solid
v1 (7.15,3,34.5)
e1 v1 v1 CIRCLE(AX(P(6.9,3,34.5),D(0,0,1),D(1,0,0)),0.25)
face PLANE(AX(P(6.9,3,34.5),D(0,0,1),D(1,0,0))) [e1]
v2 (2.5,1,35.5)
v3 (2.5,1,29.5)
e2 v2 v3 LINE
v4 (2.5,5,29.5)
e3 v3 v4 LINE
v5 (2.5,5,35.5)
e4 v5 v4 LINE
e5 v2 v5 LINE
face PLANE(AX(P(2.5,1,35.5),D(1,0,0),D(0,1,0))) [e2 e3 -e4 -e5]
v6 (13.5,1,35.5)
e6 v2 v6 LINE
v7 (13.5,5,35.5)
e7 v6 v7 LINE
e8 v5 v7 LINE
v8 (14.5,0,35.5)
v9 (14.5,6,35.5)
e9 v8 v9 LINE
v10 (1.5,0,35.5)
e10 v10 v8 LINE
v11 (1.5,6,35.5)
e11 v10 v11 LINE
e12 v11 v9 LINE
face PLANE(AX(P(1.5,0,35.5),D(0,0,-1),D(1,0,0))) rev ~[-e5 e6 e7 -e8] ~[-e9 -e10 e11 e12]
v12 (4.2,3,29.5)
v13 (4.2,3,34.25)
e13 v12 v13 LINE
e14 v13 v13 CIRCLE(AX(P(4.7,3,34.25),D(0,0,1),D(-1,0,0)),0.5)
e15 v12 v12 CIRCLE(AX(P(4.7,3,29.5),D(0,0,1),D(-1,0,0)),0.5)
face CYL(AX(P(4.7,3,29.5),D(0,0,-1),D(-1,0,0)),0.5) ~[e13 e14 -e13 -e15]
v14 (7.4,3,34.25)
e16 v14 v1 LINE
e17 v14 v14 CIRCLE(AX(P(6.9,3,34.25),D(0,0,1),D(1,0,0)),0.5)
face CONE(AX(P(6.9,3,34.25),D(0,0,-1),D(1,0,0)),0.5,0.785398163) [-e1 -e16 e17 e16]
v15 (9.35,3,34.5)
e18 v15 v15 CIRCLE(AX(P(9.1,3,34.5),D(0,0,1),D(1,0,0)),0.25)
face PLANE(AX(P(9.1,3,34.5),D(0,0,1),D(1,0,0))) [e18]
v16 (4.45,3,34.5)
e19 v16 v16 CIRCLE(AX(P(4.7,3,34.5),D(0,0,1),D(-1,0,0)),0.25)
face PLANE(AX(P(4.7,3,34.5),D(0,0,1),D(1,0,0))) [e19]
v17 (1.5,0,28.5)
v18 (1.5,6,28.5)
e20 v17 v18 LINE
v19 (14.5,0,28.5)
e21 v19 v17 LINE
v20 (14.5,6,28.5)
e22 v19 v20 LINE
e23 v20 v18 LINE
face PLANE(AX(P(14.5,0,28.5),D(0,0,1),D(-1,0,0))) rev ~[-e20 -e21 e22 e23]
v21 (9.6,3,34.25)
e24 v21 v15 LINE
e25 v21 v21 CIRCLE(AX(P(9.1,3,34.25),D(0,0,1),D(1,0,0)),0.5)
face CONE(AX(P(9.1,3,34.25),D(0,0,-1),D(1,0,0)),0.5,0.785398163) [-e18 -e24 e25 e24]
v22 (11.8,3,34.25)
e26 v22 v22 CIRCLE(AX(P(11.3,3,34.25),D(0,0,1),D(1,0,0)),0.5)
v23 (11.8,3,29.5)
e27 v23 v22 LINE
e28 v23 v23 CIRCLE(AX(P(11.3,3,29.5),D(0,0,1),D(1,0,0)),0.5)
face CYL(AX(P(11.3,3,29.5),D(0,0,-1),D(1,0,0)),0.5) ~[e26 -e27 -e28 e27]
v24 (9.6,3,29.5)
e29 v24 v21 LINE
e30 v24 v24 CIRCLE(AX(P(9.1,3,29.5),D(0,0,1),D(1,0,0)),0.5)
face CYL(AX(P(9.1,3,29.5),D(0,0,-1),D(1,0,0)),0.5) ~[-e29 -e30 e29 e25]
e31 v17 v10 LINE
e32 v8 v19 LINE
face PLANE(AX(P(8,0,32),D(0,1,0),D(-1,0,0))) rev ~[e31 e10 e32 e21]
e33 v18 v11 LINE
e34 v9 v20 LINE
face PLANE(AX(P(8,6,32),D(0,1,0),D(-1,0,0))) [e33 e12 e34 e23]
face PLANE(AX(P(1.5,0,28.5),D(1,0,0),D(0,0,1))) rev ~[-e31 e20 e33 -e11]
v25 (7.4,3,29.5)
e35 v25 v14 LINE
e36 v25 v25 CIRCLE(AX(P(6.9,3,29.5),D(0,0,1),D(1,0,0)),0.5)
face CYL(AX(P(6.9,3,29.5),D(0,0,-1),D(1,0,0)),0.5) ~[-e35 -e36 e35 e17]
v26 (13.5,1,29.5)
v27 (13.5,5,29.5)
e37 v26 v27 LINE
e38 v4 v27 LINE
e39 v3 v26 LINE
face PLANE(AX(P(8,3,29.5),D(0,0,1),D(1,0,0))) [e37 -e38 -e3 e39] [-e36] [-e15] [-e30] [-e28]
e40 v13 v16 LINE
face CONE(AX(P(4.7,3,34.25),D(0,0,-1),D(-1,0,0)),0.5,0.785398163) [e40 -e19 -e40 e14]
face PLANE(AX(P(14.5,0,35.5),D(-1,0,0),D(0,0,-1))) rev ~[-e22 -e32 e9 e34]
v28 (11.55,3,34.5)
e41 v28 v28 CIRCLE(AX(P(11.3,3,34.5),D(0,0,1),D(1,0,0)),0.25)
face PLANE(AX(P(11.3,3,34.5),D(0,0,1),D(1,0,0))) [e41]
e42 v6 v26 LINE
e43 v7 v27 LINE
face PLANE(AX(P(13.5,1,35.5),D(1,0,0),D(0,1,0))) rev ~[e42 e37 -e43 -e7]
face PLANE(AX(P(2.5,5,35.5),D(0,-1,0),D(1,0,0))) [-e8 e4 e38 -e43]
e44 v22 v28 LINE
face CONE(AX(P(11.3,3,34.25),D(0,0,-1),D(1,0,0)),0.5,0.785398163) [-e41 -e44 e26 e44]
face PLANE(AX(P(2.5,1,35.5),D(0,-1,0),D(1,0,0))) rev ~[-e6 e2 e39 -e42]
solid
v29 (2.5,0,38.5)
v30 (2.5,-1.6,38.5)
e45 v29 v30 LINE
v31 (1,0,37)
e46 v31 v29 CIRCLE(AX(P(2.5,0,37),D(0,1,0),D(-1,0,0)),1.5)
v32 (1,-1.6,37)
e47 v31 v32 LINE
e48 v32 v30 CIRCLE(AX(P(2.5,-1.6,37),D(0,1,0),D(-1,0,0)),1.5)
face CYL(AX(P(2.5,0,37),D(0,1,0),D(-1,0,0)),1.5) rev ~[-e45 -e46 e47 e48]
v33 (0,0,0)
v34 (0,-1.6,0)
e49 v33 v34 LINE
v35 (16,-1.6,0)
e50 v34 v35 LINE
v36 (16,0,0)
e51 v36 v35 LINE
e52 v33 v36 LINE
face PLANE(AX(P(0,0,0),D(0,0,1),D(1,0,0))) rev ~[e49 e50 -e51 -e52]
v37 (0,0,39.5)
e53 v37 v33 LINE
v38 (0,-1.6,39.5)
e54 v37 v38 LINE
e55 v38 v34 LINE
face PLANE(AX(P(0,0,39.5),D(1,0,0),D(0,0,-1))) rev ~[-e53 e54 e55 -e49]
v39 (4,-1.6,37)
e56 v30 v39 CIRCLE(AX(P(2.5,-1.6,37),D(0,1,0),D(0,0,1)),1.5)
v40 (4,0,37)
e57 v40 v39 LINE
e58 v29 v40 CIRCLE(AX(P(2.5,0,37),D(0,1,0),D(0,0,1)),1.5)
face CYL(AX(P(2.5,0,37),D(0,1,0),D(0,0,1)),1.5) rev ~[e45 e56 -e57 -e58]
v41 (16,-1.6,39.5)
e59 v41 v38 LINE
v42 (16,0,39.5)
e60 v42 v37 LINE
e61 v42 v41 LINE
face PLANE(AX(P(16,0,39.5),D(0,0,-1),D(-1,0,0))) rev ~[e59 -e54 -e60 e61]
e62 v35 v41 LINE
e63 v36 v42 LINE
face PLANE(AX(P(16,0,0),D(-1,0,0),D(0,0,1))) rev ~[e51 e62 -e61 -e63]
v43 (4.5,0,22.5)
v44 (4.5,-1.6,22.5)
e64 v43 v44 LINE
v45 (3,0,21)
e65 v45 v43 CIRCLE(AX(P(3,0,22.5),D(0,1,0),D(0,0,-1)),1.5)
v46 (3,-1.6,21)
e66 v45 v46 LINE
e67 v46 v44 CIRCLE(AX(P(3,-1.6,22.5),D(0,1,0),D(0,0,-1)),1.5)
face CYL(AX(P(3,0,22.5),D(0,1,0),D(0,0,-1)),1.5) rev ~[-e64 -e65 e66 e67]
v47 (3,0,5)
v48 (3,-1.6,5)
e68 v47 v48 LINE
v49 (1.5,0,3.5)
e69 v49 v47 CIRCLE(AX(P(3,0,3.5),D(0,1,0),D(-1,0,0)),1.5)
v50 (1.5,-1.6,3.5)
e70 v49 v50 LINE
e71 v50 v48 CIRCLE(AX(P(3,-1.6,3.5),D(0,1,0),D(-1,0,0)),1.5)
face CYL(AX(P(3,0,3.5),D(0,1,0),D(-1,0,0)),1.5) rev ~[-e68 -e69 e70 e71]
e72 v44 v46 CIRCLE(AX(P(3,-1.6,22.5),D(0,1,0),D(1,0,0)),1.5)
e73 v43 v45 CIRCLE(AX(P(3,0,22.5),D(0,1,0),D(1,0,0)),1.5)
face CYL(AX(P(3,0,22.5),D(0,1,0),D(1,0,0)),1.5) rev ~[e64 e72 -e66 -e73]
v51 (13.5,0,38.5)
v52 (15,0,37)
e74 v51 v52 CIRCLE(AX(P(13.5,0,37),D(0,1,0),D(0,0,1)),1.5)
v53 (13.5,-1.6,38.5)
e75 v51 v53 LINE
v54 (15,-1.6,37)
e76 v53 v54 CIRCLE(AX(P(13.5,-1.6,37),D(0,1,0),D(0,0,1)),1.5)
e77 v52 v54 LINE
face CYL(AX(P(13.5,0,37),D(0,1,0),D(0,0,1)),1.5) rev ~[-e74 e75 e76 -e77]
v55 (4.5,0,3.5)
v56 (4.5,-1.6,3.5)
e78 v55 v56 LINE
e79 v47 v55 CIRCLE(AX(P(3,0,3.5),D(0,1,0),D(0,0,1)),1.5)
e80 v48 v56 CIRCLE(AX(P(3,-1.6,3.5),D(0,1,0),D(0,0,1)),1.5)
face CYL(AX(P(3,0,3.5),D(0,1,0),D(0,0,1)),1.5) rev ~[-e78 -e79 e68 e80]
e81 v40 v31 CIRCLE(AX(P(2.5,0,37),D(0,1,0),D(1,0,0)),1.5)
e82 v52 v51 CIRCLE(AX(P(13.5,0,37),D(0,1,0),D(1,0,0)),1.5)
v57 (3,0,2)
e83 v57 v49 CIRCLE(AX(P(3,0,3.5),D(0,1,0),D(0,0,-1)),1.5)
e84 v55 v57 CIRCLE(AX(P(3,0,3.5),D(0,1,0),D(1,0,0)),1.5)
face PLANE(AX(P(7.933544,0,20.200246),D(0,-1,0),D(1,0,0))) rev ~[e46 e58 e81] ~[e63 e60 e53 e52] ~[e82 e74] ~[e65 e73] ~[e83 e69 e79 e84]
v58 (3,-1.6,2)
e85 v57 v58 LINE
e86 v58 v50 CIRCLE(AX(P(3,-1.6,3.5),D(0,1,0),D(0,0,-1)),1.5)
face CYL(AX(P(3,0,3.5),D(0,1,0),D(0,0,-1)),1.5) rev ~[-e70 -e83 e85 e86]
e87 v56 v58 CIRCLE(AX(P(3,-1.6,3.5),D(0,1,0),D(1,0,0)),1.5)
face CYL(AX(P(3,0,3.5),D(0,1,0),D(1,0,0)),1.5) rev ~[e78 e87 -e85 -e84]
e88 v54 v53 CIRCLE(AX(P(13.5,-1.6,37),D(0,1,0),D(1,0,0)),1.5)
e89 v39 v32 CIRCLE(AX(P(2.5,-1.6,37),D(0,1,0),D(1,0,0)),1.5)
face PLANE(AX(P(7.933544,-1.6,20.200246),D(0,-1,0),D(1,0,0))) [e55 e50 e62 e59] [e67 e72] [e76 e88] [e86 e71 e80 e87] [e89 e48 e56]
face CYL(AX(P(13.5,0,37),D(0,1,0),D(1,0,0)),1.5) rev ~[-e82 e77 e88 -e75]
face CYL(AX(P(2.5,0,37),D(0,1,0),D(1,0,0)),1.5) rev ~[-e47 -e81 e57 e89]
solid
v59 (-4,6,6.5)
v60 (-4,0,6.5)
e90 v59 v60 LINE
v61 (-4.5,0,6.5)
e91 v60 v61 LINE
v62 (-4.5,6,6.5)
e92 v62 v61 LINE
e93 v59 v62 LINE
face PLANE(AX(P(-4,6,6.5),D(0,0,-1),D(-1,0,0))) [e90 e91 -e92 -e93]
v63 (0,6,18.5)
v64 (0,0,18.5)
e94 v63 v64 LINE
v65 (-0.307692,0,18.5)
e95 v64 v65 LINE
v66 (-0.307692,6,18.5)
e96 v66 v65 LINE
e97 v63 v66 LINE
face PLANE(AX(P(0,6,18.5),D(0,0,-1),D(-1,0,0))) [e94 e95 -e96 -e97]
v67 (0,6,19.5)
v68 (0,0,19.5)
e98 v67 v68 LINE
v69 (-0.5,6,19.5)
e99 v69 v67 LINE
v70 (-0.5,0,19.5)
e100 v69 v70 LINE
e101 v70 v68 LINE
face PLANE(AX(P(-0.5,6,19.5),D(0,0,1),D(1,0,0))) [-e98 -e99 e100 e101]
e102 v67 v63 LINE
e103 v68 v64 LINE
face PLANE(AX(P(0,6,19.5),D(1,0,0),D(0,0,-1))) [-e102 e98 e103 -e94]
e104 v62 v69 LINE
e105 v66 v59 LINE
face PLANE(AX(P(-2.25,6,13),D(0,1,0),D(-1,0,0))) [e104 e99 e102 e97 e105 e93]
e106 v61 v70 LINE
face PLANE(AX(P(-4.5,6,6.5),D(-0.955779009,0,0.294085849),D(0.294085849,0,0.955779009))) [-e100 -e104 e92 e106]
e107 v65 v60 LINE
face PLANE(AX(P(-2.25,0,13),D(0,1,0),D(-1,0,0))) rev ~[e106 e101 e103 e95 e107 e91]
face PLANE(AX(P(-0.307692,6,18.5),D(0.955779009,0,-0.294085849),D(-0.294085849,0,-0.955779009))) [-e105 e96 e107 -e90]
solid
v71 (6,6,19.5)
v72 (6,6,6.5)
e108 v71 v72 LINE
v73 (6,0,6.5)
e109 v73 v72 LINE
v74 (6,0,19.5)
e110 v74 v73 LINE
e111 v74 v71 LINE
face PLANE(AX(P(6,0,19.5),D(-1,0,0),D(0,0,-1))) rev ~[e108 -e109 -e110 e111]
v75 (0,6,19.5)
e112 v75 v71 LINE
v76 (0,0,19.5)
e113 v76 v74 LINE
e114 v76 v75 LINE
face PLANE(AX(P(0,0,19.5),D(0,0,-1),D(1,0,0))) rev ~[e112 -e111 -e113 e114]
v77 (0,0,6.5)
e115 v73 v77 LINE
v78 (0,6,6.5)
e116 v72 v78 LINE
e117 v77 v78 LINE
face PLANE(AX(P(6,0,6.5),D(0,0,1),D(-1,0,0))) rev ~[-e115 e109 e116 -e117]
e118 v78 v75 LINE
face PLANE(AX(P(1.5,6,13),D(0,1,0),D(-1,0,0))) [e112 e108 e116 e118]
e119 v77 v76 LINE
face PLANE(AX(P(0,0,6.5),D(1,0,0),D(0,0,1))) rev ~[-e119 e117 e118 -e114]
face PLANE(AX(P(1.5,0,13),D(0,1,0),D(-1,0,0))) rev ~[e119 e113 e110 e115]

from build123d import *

# Parameters (mm, degrees)
F1_DEPTH  = 1.6
F3_DEPTH  = 6
F5_DEPTH  = 6
F7_DEPTH  = 6
F8_W      = 11
F8_H      = 4
F9_DEPTH  = 6
F10_R     = 0.5
F11_DEPTH = 5
F12_SIZE  = 0.25


with BuildPart() as f1:
    # F0 (on Front) → F1 (new body)
    with BuildSketch(Plane.XZ):
        with BuildLine():
            Line((3, 2), (3, 0))
            Line((3, 0), (16, 0))
            Line((16, 0), (16, 37))
            Line((16, 37), (15, 37))
            ThreePointArc((15, 37), (12.4393398282, 35.9393398282), (13.5, 38.5))
            Line((13.5, 38.5), (13.5, 39.5))
            Line((13.5, 39.5), (2.5, 39.5))
            Line((2.5, 39.5), (2.5, 38.5))
            ThreePointArc((2.5, 38.5), (3.5606601718, 38.0606601718), (4, 37))
            ThreePointArc((4, 37), (2.5, 35.5), (1, 37))
            Line((1, 37), (0, 37))
            Line((0, 37), (0, 3.5))
            Line((0, 3.5), (1.5, 3.5))
            ThreePointArc((1.5, 3.5), (1.9393398282, 4.5606601718), (3, 5))
            ThreePointArc((3, 5), (4.0606601718, 4.5606601718), (4.5, 3.5))
            ThreePointArc((4.5, 3.5), (4.0606601718, 2.4393398282), (3, 2))
        make_face()
        with BuildLine():
            ThreePointArc((4.5, 22.5), (4.0606601718, 21.4393398282), (3, 21))
            ThreePointArc((3, 21), (1.9393398282, 23.5606601718), (4.5, 22.5))
        make_face(mode=Mode.SUBTRACT)
        with BuildLine():
            Line((0, 3.5), (0, 0))
            Line((0, 0), (3, 0))
            Line((3, 0), (3, 2))
            ThreePointArc((3, 2), (1.9393398282, 2.4393398282), (1.5, 3.5))
            Line((1.5, 3.5), (0, 3.5))
        make_face()
        with BuildLine():
            Line((0, 39.5), (0, 37))
            Line((0, 37), (1, 37))
            ThreePointArc((1, 37), (1.4393398282, 38.0606601718), (2.5, 38.5))
            Line((2.5, 38.5), (2.5, 39.5))
            Line((2.5, 39.5), (0, 39.5))
        make_face()
        with BuildLine():
            Line((15, 37), (16, 37))
            Line((16, 37), (16, 39.5))
            Line((16, 39.5), (13.5, 39.5))
            Line((13.5, 39.5), (13.5, 38.5))
            ThreePointArc((13.5, 38.5), (14.5606601718, 38.0606601718), (15, 37))
        make_face()
    extrude(amount=F1_DEPTH)


with BuildPart() as f3:
    # F2 (on face) → F3 (new body)
    with BuildSketch(Plane(origin=(0, 0, 0), x_dir=(-1, 0, 0), z_dir=(0, 1, 0))):
        Polygon((-3, 19.5), (-3, 13), (-3, 6.5), (0, 6.5), (0, 19.5), align=None)
        Polygon((-3, 6.5), (-3, 13), (-3, 19.5), (-6, 19.5), (-6, 6.5), align=None)
    extrude(amount=F3_DEPTH)


with BuildPart() as f5:
    # F4 (on face) → F5 (new body)
    with BuildSketch(Plane(origin=(0, 0, 0), x_dir=(-1, 0, 0), z_dir=(0, 1, 0))):
        Polygon((-1.5, 28.5), (-1.5, 35.5), (-2.5, 35.5), (-13.5, 35.5), (-14.5, 35.5), (-14.5, 28.5), align=None)
    extrude(amount=F5_DEPTH)

    # F8 (on face) → F9 (cut)
    with BuildSketch(Plane.XY.offset(35.5)):
        with Locations((8, 3)):
            Rectangle(F8_W, F8_H)
    extrude(amount=-F9_DEPTH, mode=Mode.SUBTRACT)

    # F10 (on face) → F11 (join)
    with BuildSketch(Plane.XY.offset(29.5)):
        with Locations((11.3, 3)):
            Circle(F10_R)
        with Locations((9.1, 3)):
            Circle(F10_R)
        with Locations((6.9, 3)):
            Circle(F10_R)
        with BuildLine():
            ThreePointArc((5.2, 3), (4.7, 3.5), (4.2, 3))
            ThreePointArc((4.2, 3), (4.7, 2.5), (5.2, 3))
        make_face()
    extrude(amount=F11_DEPTH)

    # F12
    f12_edges = [f5.edges().sort_by_distance(p)[0] for p in [
        (5.2, 3, 34.5),
        (6.4, 3, 34.5),
        (8.6, 3, 34.5),
        (10.8, 3, 34.5),
    ]]
    chamfer(f12_edges, length=F12_SIZE)


with BuildPart() as f7:
    # F6 (on face) → F7 (new body)
    with BuildSketch(Plane(origin=(0, 6, 0), x_dir=(-1, 0, 0), z_dir=(0, 1, 0))):
        Polygon((0.5, 19.5), (0, 19.5), (0.3076923077, 18.5), (4, 6.5), (4.5, 6.5), align=None)
        Polygon((0.3076923077, 18.5), (0, 19.5), (0, 18.5), align=None)
    extrude(amount=-F7_DEPTH)


solid = Compound([f1.part, f3.part, f5.part, f7.part])
